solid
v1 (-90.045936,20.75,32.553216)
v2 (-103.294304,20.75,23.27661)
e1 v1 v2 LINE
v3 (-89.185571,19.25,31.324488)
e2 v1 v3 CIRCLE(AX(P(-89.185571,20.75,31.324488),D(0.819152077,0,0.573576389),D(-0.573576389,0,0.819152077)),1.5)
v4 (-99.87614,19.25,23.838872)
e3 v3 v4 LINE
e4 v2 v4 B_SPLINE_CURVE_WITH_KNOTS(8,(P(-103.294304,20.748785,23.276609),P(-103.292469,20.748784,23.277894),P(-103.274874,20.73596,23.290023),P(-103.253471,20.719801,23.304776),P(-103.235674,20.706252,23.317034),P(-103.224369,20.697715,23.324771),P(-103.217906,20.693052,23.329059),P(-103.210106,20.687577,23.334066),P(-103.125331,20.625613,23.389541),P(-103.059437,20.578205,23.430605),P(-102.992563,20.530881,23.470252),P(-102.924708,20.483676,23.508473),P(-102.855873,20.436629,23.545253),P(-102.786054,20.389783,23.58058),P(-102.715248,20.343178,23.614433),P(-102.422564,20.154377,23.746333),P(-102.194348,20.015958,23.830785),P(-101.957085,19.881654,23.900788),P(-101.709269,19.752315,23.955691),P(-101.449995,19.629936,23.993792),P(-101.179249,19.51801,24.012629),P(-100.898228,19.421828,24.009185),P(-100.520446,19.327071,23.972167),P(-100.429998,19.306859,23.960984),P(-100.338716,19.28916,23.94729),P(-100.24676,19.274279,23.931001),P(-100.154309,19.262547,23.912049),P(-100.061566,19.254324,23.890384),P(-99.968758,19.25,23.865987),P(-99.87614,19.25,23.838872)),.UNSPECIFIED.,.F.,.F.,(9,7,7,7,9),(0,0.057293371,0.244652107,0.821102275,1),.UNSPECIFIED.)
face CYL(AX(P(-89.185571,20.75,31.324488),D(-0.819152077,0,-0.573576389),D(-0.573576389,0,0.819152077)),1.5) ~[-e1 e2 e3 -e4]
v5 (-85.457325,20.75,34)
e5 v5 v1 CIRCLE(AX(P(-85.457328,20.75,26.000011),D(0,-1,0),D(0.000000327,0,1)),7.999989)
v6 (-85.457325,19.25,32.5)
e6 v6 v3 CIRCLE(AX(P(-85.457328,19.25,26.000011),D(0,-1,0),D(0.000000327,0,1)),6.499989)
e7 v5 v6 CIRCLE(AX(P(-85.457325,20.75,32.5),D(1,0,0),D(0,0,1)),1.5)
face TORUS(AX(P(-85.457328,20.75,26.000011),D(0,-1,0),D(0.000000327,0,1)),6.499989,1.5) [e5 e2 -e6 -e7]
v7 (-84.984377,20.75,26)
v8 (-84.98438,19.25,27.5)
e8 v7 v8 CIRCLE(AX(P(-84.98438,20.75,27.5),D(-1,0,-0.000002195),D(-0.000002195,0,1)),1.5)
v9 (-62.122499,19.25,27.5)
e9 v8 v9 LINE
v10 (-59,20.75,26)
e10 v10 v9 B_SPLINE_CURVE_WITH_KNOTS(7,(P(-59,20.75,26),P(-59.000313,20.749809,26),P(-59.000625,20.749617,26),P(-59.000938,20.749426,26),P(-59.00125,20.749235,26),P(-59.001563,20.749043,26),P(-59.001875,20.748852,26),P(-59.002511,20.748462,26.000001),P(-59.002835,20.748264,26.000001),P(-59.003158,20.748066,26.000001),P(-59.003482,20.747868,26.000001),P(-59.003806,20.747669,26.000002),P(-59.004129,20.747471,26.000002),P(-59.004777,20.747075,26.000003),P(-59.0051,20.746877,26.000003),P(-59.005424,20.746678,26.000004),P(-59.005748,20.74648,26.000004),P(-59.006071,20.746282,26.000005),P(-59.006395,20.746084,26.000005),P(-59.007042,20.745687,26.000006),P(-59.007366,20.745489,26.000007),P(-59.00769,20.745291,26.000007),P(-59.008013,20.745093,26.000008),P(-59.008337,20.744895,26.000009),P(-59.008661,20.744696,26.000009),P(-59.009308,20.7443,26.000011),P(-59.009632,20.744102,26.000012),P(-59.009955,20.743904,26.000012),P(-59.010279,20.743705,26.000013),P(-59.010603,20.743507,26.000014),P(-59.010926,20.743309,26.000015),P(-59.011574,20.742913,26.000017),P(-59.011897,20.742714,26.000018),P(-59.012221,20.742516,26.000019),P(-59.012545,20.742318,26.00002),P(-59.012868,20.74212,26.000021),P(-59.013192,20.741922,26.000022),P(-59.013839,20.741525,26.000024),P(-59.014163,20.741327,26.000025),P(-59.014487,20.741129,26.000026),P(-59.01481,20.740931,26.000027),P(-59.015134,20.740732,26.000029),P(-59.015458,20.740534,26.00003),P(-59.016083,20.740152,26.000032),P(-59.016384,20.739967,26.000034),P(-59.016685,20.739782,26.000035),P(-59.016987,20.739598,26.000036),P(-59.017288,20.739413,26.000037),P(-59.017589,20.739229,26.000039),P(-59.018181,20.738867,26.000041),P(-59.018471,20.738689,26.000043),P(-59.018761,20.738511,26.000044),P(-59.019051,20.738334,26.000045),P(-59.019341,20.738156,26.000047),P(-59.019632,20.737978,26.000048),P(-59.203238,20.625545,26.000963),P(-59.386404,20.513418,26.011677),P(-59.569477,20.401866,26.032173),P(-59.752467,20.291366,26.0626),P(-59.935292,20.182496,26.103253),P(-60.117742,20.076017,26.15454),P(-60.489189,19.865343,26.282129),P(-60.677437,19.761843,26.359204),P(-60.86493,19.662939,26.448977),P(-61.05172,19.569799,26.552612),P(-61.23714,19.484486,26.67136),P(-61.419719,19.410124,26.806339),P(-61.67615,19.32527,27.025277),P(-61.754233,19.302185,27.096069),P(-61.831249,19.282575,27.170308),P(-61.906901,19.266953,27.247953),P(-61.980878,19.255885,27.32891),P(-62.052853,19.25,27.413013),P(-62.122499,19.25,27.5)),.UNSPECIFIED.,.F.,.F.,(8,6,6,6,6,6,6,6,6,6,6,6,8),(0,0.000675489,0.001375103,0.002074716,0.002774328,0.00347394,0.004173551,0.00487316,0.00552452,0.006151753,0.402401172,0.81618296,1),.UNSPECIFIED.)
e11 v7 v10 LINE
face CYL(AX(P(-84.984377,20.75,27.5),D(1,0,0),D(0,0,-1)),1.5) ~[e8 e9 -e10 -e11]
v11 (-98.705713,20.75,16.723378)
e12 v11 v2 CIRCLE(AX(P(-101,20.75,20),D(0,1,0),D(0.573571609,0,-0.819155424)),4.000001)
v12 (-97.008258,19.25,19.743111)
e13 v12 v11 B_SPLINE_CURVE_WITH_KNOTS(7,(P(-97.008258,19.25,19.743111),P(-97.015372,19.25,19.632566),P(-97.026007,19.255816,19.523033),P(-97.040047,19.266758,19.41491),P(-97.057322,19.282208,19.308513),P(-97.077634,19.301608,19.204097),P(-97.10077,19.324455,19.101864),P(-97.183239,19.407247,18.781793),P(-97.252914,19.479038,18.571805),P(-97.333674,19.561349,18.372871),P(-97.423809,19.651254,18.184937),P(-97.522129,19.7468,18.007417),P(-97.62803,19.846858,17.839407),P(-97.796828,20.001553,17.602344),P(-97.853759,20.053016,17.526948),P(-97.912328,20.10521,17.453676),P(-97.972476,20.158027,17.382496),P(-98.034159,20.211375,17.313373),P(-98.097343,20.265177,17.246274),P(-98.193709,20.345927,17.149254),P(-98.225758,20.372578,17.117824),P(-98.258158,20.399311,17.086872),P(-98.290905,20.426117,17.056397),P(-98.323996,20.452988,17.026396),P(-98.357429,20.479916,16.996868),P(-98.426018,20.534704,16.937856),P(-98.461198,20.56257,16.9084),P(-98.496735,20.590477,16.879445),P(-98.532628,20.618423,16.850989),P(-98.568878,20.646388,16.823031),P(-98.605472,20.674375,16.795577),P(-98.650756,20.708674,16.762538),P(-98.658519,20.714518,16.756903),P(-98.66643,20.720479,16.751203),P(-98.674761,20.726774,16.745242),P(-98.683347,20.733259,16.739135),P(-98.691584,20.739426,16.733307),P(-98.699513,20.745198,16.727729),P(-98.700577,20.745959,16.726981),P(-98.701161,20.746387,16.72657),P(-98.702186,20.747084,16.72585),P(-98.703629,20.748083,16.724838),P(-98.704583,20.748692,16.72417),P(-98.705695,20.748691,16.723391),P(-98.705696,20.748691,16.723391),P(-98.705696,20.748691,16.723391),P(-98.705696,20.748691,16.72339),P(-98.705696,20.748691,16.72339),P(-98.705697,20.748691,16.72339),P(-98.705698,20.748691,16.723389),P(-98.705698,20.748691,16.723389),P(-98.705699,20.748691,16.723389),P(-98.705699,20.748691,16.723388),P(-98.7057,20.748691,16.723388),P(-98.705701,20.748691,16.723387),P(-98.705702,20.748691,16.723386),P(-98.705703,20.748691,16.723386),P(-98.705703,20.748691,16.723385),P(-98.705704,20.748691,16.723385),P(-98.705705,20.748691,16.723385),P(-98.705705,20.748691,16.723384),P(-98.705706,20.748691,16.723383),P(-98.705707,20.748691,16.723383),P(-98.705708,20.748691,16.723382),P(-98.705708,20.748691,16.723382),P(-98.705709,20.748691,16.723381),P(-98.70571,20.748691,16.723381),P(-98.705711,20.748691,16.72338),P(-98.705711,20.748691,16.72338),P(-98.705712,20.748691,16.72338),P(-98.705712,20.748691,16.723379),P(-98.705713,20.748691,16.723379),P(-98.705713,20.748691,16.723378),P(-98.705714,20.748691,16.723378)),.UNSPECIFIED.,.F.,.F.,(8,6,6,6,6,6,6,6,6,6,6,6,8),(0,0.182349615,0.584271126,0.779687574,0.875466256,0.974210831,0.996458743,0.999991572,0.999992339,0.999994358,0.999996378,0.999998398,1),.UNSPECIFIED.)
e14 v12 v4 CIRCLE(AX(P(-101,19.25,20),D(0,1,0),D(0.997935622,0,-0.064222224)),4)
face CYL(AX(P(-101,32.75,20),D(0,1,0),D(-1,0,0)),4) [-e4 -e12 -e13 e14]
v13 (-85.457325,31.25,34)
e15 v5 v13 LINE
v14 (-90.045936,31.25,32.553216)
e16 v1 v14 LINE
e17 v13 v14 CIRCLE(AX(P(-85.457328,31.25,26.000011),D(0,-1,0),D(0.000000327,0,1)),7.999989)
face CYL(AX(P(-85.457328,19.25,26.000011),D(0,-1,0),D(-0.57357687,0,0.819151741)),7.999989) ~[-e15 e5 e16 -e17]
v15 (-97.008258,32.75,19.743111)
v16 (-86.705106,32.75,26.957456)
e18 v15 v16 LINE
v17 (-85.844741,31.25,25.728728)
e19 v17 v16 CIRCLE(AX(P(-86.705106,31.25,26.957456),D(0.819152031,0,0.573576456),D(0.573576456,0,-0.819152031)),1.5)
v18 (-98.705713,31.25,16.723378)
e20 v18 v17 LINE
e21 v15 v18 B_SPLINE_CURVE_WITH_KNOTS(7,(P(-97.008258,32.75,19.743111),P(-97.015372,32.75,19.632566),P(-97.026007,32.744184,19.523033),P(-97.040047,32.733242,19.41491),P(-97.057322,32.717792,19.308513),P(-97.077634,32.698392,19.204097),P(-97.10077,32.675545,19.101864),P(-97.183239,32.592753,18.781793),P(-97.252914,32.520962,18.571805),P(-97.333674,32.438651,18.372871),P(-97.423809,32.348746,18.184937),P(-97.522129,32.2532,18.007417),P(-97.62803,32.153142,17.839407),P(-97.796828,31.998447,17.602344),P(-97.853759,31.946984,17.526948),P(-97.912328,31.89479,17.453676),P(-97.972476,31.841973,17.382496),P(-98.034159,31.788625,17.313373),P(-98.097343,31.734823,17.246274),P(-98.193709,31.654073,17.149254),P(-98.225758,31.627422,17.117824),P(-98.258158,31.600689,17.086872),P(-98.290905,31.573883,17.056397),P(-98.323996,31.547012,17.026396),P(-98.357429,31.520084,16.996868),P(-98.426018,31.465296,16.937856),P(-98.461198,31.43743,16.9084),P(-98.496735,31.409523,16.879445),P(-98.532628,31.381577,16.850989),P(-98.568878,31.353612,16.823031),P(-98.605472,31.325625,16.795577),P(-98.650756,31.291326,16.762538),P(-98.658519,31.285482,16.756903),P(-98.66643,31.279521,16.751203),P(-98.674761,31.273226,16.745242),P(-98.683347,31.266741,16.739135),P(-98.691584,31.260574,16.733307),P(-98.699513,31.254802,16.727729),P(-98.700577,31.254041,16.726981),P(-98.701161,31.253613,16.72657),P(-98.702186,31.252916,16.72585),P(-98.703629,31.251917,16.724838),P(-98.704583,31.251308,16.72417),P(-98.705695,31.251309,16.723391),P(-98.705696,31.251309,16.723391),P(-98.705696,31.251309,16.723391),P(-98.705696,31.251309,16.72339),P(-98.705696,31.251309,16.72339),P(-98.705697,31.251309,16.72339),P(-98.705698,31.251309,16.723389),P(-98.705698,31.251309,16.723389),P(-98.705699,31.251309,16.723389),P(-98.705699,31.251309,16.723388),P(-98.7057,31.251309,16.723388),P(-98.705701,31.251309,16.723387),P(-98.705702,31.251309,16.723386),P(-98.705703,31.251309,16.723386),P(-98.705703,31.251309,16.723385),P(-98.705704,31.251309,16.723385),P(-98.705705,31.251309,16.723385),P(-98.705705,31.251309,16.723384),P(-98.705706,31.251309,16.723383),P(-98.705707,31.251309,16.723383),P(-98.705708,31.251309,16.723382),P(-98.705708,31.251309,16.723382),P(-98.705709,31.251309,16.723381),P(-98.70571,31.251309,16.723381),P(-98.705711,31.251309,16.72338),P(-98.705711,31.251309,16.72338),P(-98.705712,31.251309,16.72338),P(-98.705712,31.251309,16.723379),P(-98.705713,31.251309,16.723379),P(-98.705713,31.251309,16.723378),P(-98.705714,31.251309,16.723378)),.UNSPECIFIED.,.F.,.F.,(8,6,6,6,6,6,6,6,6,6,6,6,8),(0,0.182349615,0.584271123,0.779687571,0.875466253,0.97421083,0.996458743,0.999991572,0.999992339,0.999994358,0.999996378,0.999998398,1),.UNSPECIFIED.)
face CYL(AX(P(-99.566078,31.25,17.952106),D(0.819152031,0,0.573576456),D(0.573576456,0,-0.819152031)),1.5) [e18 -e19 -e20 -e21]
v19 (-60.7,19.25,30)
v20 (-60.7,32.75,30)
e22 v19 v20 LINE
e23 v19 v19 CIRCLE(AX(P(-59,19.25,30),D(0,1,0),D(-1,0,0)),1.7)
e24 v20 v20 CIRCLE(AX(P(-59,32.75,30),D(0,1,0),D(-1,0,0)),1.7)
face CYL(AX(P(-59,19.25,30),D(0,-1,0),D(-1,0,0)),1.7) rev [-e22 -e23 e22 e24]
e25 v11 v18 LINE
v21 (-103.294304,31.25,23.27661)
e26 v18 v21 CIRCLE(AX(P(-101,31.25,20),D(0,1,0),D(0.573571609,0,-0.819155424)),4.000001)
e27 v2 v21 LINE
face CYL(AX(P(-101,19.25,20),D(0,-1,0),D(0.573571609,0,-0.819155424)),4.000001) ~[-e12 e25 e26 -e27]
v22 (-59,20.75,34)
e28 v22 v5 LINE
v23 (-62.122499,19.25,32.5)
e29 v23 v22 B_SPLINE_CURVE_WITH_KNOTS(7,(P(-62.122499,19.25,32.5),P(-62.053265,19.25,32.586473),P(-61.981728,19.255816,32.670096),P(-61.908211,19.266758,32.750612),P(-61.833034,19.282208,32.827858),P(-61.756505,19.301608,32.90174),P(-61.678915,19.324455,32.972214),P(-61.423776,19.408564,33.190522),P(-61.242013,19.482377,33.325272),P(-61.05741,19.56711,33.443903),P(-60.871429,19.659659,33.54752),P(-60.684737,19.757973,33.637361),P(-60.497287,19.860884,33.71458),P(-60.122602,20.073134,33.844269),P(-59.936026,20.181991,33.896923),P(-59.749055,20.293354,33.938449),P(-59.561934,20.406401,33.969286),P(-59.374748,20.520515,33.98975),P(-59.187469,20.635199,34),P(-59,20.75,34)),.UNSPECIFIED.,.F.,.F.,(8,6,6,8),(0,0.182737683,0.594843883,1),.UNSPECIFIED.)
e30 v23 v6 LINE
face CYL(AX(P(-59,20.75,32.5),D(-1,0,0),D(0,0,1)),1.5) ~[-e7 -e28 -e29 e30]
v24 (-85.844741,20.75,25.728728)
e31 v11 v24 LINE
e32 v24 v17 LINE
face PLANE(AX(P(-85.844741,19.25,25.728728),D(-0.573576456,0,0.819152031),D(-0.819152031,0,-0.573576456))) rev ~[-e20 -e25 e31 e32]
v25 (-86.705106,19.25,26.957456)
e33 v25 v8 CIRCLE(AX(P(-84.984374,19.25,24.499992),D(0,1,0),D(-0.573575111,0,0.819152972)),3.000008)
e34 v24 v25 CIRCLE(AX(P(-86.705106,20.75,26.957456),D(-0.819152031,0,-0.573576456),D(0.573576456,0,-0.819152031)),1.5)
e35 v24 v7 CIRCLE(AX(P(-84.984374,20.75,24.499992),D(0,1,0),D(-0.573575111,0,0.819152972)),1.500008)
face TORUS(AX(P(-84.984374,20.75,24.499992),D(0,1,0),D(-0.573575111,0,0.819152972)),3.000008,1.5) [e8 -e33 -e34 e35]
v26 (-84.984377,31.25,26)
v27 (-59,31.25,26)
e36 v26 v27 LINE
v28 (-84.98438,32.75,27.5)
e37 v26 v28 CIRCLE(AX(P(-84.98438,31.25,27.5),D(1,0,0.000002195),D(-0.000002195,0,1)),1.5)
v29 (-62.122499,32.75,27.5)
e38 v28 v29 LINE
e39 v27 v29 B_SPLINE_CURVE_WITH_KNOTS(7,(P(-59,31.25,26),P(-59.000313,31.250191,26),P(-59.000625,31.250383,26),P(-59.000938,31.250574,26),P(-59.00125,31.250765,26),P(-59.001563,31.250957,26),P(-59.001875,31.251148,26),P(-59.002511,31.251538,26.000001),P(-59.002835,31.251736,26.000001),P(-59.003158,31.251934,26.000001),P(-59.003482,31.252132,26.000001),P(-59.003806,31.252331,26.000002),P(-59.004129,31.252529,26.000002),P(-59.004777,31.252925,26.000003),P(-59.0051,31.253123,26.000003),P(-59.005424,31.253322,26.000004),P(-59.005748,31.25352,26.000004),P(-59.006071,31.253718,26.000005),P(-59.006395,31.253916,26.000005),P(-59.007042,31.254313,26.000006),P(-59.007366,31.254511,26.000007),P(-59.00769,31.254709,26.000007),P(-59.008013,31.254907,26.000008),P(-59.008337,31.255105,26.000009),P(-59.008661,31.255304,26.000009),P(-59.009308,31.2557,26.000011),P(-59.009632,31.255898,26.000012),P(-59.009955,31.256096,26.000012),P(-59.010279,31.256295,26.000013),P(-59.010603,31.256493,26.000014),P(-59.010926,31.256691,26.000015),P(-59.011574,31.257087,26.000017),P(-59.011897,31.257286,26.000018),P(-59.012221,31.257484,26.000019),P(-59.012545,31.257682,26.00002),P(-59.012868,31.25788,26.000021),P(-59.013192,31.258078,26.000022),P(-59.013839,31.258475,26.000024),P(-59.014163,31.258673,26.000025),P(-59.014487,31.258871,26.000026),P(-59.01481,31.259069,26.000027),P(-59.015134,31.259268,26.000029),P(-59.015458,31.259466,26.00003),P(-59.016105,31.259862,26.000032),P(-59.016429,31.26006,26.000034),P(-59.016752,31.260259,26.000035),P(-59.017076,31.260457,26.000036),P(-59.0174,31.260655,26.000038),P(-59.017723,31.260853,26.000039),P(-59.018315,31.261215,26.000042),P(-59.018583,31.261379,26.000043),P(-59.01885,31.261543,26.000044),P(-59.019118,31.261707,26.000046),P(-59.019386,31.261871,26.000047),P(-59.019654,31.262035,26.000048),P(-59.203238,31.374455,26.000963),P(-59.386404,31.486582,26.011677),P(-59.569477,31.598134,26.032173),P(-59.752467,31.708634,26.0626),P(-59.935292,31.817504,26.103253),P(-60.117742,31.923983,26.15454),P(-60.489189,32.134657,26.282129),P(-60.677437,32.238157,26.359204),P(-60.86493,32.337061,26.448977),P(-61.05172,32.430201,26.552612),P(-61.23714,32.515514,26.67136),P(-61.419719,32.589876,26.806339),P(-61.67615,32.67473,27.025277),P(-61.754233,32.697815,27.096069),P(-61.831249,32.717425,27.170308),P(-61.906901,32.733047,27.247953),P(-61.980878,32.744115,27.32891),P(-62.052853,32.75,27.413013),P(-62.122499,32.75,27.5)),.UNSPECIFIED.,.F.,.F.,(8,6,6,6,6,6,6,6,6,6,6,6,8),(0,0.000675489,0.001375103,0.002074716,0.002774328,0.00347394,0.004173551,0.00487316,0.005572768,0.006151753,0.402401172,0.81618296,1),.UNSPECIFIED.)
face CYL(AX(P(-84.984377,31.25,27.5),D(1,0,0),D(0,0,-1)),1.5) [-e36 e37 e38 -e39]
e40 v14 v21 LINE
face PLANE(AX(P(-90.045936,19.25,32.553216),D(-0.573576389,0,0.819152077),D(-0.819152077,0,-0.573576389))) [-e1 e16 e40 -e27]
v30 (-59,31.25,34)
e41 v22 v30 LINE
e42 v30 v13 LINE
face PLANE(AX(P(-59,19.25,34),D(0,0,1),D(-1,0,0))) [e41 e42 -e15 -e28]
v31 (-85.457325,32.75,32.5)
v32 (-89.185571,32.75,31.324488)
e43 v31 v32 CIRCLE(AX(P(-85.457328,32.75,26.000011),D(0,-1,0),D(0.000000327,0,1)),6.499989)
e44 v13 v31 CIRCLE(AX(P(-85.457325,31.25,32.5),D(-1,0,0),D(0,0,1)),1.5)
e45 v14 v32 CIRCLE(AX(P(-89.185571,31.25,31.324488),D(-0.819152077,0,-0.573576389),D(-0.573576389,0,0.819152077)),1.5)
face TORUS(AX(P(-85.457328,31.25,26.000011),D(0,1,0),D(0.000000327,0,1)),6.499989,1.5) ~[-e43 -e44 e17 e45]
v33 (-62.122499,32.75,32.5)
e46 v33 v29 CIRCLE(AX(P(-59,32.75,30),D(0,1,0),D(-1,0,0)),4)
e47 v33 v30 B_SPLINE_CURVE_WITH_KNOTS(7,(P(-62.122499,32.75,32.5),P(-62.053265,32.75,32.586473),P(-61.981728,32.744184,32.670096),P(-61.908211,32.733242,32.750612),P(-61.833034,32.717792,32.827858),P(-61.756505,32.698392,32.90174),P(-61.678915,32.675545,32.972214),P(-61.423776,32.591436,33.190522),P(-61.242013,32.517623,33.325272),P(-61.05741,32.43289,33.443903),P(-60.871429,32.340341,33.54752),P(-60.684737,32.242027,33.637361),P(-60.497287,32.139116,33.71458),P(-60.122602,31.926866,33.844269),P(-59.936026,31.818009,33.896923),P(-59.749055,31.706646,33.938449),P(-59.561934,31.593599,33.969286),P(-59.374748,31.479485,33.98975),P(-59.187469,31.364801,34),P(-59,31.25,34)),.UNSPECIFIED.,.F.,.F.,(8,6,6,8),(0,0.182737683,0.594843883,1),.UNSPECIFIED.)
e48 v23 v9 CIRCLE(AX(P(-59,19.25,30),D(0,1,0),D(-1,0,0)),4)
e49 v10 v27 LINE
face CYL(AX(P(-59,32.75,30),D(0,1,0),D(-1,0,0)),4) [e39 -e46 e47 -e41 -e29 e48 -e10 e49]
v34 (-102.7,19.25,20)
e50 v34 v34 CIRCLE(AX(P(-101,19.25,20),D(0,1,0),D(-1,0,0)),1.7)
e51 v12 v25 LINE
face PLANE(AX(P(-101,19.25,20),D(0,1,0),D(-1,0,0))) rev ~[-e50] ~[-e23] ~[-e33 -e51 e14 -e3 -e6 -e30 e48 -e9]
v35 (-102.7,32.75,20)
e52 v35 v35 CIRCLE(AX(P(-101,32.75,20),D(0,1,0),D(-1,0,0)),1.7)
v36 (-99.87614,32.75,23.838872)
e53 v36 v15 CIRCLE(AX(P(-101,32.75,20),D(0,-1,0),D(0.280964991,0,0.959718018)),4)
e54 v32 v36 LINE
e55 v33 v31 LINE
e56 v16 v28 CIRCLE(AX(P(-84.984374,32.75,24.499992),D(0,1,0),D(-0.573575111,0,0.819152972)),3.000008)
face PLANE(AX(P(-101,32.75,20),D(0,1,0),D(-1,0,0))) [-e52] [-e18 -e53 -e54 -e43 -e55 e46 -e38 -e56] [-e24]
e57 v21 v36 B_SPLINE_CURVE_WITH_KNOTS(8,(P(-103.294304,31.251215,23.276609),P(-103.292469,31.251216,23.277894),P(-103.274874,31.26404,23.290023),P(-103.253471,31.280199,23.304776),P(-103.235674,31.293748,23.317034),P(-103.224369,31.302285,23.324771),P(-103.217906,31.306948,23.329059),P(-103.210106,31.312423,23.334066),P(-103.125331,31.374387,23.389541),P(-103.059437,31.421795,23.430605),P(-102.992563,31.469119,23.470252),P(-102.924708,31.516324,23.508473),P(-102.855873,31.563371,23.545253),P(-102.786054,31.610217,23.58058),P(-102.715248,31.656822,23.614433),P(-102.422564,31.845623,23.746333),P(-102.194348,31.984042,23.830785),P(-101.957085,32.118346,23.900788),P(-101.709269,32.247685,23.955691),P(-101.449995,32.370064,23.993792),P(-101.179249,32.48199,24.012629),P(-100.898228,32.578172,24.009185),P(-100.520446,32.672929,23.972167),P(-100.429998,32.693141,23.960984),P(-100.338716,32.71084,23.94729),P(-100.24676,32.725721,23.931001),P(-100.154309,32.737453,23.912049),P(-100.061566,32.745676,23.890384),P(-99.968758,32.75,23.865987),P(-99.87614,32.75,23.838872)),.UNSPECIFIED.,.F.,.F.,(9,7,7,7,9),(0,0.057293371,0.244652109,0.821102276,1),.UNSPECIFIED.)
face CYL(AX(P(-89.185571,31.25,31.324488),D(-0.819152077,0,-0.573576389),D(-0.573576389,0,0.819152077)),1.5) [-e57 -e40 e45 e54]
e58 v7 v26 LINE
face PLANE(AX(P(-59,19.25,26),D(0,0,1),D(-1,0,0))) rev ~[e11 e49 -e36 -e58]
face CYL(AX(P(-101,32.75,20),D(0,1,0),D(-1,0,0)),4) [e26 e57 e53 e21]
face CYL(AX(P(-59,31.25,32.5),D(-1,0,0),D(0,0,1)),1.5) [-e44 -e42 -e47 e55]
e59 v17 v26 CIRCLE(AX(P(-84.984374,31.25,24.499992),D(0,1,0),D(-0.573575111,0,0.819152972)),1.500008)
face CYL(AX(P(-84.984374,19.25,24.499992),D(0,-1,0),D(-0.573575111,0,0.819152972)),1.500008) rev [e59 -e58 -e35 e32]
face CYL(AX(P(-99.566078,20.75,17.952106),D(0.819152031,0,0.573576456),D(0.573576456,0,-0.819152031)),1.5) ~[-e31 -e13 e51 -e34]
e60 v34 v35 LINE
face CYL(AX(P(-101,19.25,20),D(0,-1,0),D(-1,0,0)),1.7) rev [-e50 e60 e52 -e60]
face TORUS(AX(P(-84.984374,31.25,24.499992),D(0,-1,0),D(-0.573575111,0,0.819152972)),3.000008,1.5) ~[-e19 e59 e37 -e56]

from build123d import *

# Parameters (mm, degrees)
SKETCH007_R   = 1.7
PAD019_DEPTH  = 13.5
FILLET006_R   = 1.5
SKETCH035_R   = 4
SKETCH035_R_2 = 1.7
PAD020_DEPTH  = 13.5


with BuildPart() as part:
    # Sketch007 → Pad019 (new body)
    with BuildSketch(Plane(origin=(0, 19.25, 0), x_dir=(-1, 0, 0), z_dir=(0, 1, 0))):
        with BuildLine():
            ThreePointArc((12, 26), (8, 22), (12, 18))
            Line((12, 18), (37.984377, 18))
            ThreePointArc((38.844741, 17.728728), (38.435435, 17.930575), (37.984377, 18))
            Line((38.844741, 17.728728), (51.705713, 8.723378))
            ThreePointArc((51.705713, 8.723378), (57.276616, 9.705705), (56.294304, 15.27661))
            Line((43.045936, 24.553216), (56.294304, 15.27661))
            ThreePointArc((43.045936, 24.553216), (40.862971, 25.629736), (38.457325, 26))
            Line((12, 26), (38.457325, 26))
        make_face()
        with Locations((12, 22)):
            Circle(SKETCH007_R, mode=Mode.SUBTRACT)
        with Locations((54, 12)):
            Circle(SKETCH007_R, mode=Mode.SUBTRACT)
    extrude(amount=PAD019_DEPTH)

    # Fillet006
    fillet006_edges = [part.edges().sort_by_distance(p)[0] for p in [
        (-49.67012, 32.75, 19.914913),
        (-49.67012, 19.25, 19.914913),
    ]]
    fillet(fillet006_edges, radius=FILLET006_R)

    # Sketch035 (on Face12 of Fillet006) → Pad020 (join)
    with BuildSketch(Plane(origin=(0, 32.75, 0), x_dir=(-1, 0, 0), z_dir=(0, 1, 0))):
        with Locations((54, 12)):
            Circle(SKETCH035_R)
        with Locations((54, 12)):
            Circle(SKETCH035_R_2, mode=Mode.SUBTRACT)
        with Locations((12, 22)):
            Circle(SKETCH035_R)
        with Locations((12, 22)):
            Circle(SKETCH035_R_2, mode=Mode.SUBTRACT)
    extrude(amount=-PAD020_DEPTH)


with BuildPart() as part_1:
    # Body002 placement: moved
    add(part.part.moved(Location((0, -5, 0))))


with BuildPart() as part_2:
    # Clone162 placement: moved
    add(part_1.part.moved(Location((-47, 5, 8))))


solid = part_2.part
